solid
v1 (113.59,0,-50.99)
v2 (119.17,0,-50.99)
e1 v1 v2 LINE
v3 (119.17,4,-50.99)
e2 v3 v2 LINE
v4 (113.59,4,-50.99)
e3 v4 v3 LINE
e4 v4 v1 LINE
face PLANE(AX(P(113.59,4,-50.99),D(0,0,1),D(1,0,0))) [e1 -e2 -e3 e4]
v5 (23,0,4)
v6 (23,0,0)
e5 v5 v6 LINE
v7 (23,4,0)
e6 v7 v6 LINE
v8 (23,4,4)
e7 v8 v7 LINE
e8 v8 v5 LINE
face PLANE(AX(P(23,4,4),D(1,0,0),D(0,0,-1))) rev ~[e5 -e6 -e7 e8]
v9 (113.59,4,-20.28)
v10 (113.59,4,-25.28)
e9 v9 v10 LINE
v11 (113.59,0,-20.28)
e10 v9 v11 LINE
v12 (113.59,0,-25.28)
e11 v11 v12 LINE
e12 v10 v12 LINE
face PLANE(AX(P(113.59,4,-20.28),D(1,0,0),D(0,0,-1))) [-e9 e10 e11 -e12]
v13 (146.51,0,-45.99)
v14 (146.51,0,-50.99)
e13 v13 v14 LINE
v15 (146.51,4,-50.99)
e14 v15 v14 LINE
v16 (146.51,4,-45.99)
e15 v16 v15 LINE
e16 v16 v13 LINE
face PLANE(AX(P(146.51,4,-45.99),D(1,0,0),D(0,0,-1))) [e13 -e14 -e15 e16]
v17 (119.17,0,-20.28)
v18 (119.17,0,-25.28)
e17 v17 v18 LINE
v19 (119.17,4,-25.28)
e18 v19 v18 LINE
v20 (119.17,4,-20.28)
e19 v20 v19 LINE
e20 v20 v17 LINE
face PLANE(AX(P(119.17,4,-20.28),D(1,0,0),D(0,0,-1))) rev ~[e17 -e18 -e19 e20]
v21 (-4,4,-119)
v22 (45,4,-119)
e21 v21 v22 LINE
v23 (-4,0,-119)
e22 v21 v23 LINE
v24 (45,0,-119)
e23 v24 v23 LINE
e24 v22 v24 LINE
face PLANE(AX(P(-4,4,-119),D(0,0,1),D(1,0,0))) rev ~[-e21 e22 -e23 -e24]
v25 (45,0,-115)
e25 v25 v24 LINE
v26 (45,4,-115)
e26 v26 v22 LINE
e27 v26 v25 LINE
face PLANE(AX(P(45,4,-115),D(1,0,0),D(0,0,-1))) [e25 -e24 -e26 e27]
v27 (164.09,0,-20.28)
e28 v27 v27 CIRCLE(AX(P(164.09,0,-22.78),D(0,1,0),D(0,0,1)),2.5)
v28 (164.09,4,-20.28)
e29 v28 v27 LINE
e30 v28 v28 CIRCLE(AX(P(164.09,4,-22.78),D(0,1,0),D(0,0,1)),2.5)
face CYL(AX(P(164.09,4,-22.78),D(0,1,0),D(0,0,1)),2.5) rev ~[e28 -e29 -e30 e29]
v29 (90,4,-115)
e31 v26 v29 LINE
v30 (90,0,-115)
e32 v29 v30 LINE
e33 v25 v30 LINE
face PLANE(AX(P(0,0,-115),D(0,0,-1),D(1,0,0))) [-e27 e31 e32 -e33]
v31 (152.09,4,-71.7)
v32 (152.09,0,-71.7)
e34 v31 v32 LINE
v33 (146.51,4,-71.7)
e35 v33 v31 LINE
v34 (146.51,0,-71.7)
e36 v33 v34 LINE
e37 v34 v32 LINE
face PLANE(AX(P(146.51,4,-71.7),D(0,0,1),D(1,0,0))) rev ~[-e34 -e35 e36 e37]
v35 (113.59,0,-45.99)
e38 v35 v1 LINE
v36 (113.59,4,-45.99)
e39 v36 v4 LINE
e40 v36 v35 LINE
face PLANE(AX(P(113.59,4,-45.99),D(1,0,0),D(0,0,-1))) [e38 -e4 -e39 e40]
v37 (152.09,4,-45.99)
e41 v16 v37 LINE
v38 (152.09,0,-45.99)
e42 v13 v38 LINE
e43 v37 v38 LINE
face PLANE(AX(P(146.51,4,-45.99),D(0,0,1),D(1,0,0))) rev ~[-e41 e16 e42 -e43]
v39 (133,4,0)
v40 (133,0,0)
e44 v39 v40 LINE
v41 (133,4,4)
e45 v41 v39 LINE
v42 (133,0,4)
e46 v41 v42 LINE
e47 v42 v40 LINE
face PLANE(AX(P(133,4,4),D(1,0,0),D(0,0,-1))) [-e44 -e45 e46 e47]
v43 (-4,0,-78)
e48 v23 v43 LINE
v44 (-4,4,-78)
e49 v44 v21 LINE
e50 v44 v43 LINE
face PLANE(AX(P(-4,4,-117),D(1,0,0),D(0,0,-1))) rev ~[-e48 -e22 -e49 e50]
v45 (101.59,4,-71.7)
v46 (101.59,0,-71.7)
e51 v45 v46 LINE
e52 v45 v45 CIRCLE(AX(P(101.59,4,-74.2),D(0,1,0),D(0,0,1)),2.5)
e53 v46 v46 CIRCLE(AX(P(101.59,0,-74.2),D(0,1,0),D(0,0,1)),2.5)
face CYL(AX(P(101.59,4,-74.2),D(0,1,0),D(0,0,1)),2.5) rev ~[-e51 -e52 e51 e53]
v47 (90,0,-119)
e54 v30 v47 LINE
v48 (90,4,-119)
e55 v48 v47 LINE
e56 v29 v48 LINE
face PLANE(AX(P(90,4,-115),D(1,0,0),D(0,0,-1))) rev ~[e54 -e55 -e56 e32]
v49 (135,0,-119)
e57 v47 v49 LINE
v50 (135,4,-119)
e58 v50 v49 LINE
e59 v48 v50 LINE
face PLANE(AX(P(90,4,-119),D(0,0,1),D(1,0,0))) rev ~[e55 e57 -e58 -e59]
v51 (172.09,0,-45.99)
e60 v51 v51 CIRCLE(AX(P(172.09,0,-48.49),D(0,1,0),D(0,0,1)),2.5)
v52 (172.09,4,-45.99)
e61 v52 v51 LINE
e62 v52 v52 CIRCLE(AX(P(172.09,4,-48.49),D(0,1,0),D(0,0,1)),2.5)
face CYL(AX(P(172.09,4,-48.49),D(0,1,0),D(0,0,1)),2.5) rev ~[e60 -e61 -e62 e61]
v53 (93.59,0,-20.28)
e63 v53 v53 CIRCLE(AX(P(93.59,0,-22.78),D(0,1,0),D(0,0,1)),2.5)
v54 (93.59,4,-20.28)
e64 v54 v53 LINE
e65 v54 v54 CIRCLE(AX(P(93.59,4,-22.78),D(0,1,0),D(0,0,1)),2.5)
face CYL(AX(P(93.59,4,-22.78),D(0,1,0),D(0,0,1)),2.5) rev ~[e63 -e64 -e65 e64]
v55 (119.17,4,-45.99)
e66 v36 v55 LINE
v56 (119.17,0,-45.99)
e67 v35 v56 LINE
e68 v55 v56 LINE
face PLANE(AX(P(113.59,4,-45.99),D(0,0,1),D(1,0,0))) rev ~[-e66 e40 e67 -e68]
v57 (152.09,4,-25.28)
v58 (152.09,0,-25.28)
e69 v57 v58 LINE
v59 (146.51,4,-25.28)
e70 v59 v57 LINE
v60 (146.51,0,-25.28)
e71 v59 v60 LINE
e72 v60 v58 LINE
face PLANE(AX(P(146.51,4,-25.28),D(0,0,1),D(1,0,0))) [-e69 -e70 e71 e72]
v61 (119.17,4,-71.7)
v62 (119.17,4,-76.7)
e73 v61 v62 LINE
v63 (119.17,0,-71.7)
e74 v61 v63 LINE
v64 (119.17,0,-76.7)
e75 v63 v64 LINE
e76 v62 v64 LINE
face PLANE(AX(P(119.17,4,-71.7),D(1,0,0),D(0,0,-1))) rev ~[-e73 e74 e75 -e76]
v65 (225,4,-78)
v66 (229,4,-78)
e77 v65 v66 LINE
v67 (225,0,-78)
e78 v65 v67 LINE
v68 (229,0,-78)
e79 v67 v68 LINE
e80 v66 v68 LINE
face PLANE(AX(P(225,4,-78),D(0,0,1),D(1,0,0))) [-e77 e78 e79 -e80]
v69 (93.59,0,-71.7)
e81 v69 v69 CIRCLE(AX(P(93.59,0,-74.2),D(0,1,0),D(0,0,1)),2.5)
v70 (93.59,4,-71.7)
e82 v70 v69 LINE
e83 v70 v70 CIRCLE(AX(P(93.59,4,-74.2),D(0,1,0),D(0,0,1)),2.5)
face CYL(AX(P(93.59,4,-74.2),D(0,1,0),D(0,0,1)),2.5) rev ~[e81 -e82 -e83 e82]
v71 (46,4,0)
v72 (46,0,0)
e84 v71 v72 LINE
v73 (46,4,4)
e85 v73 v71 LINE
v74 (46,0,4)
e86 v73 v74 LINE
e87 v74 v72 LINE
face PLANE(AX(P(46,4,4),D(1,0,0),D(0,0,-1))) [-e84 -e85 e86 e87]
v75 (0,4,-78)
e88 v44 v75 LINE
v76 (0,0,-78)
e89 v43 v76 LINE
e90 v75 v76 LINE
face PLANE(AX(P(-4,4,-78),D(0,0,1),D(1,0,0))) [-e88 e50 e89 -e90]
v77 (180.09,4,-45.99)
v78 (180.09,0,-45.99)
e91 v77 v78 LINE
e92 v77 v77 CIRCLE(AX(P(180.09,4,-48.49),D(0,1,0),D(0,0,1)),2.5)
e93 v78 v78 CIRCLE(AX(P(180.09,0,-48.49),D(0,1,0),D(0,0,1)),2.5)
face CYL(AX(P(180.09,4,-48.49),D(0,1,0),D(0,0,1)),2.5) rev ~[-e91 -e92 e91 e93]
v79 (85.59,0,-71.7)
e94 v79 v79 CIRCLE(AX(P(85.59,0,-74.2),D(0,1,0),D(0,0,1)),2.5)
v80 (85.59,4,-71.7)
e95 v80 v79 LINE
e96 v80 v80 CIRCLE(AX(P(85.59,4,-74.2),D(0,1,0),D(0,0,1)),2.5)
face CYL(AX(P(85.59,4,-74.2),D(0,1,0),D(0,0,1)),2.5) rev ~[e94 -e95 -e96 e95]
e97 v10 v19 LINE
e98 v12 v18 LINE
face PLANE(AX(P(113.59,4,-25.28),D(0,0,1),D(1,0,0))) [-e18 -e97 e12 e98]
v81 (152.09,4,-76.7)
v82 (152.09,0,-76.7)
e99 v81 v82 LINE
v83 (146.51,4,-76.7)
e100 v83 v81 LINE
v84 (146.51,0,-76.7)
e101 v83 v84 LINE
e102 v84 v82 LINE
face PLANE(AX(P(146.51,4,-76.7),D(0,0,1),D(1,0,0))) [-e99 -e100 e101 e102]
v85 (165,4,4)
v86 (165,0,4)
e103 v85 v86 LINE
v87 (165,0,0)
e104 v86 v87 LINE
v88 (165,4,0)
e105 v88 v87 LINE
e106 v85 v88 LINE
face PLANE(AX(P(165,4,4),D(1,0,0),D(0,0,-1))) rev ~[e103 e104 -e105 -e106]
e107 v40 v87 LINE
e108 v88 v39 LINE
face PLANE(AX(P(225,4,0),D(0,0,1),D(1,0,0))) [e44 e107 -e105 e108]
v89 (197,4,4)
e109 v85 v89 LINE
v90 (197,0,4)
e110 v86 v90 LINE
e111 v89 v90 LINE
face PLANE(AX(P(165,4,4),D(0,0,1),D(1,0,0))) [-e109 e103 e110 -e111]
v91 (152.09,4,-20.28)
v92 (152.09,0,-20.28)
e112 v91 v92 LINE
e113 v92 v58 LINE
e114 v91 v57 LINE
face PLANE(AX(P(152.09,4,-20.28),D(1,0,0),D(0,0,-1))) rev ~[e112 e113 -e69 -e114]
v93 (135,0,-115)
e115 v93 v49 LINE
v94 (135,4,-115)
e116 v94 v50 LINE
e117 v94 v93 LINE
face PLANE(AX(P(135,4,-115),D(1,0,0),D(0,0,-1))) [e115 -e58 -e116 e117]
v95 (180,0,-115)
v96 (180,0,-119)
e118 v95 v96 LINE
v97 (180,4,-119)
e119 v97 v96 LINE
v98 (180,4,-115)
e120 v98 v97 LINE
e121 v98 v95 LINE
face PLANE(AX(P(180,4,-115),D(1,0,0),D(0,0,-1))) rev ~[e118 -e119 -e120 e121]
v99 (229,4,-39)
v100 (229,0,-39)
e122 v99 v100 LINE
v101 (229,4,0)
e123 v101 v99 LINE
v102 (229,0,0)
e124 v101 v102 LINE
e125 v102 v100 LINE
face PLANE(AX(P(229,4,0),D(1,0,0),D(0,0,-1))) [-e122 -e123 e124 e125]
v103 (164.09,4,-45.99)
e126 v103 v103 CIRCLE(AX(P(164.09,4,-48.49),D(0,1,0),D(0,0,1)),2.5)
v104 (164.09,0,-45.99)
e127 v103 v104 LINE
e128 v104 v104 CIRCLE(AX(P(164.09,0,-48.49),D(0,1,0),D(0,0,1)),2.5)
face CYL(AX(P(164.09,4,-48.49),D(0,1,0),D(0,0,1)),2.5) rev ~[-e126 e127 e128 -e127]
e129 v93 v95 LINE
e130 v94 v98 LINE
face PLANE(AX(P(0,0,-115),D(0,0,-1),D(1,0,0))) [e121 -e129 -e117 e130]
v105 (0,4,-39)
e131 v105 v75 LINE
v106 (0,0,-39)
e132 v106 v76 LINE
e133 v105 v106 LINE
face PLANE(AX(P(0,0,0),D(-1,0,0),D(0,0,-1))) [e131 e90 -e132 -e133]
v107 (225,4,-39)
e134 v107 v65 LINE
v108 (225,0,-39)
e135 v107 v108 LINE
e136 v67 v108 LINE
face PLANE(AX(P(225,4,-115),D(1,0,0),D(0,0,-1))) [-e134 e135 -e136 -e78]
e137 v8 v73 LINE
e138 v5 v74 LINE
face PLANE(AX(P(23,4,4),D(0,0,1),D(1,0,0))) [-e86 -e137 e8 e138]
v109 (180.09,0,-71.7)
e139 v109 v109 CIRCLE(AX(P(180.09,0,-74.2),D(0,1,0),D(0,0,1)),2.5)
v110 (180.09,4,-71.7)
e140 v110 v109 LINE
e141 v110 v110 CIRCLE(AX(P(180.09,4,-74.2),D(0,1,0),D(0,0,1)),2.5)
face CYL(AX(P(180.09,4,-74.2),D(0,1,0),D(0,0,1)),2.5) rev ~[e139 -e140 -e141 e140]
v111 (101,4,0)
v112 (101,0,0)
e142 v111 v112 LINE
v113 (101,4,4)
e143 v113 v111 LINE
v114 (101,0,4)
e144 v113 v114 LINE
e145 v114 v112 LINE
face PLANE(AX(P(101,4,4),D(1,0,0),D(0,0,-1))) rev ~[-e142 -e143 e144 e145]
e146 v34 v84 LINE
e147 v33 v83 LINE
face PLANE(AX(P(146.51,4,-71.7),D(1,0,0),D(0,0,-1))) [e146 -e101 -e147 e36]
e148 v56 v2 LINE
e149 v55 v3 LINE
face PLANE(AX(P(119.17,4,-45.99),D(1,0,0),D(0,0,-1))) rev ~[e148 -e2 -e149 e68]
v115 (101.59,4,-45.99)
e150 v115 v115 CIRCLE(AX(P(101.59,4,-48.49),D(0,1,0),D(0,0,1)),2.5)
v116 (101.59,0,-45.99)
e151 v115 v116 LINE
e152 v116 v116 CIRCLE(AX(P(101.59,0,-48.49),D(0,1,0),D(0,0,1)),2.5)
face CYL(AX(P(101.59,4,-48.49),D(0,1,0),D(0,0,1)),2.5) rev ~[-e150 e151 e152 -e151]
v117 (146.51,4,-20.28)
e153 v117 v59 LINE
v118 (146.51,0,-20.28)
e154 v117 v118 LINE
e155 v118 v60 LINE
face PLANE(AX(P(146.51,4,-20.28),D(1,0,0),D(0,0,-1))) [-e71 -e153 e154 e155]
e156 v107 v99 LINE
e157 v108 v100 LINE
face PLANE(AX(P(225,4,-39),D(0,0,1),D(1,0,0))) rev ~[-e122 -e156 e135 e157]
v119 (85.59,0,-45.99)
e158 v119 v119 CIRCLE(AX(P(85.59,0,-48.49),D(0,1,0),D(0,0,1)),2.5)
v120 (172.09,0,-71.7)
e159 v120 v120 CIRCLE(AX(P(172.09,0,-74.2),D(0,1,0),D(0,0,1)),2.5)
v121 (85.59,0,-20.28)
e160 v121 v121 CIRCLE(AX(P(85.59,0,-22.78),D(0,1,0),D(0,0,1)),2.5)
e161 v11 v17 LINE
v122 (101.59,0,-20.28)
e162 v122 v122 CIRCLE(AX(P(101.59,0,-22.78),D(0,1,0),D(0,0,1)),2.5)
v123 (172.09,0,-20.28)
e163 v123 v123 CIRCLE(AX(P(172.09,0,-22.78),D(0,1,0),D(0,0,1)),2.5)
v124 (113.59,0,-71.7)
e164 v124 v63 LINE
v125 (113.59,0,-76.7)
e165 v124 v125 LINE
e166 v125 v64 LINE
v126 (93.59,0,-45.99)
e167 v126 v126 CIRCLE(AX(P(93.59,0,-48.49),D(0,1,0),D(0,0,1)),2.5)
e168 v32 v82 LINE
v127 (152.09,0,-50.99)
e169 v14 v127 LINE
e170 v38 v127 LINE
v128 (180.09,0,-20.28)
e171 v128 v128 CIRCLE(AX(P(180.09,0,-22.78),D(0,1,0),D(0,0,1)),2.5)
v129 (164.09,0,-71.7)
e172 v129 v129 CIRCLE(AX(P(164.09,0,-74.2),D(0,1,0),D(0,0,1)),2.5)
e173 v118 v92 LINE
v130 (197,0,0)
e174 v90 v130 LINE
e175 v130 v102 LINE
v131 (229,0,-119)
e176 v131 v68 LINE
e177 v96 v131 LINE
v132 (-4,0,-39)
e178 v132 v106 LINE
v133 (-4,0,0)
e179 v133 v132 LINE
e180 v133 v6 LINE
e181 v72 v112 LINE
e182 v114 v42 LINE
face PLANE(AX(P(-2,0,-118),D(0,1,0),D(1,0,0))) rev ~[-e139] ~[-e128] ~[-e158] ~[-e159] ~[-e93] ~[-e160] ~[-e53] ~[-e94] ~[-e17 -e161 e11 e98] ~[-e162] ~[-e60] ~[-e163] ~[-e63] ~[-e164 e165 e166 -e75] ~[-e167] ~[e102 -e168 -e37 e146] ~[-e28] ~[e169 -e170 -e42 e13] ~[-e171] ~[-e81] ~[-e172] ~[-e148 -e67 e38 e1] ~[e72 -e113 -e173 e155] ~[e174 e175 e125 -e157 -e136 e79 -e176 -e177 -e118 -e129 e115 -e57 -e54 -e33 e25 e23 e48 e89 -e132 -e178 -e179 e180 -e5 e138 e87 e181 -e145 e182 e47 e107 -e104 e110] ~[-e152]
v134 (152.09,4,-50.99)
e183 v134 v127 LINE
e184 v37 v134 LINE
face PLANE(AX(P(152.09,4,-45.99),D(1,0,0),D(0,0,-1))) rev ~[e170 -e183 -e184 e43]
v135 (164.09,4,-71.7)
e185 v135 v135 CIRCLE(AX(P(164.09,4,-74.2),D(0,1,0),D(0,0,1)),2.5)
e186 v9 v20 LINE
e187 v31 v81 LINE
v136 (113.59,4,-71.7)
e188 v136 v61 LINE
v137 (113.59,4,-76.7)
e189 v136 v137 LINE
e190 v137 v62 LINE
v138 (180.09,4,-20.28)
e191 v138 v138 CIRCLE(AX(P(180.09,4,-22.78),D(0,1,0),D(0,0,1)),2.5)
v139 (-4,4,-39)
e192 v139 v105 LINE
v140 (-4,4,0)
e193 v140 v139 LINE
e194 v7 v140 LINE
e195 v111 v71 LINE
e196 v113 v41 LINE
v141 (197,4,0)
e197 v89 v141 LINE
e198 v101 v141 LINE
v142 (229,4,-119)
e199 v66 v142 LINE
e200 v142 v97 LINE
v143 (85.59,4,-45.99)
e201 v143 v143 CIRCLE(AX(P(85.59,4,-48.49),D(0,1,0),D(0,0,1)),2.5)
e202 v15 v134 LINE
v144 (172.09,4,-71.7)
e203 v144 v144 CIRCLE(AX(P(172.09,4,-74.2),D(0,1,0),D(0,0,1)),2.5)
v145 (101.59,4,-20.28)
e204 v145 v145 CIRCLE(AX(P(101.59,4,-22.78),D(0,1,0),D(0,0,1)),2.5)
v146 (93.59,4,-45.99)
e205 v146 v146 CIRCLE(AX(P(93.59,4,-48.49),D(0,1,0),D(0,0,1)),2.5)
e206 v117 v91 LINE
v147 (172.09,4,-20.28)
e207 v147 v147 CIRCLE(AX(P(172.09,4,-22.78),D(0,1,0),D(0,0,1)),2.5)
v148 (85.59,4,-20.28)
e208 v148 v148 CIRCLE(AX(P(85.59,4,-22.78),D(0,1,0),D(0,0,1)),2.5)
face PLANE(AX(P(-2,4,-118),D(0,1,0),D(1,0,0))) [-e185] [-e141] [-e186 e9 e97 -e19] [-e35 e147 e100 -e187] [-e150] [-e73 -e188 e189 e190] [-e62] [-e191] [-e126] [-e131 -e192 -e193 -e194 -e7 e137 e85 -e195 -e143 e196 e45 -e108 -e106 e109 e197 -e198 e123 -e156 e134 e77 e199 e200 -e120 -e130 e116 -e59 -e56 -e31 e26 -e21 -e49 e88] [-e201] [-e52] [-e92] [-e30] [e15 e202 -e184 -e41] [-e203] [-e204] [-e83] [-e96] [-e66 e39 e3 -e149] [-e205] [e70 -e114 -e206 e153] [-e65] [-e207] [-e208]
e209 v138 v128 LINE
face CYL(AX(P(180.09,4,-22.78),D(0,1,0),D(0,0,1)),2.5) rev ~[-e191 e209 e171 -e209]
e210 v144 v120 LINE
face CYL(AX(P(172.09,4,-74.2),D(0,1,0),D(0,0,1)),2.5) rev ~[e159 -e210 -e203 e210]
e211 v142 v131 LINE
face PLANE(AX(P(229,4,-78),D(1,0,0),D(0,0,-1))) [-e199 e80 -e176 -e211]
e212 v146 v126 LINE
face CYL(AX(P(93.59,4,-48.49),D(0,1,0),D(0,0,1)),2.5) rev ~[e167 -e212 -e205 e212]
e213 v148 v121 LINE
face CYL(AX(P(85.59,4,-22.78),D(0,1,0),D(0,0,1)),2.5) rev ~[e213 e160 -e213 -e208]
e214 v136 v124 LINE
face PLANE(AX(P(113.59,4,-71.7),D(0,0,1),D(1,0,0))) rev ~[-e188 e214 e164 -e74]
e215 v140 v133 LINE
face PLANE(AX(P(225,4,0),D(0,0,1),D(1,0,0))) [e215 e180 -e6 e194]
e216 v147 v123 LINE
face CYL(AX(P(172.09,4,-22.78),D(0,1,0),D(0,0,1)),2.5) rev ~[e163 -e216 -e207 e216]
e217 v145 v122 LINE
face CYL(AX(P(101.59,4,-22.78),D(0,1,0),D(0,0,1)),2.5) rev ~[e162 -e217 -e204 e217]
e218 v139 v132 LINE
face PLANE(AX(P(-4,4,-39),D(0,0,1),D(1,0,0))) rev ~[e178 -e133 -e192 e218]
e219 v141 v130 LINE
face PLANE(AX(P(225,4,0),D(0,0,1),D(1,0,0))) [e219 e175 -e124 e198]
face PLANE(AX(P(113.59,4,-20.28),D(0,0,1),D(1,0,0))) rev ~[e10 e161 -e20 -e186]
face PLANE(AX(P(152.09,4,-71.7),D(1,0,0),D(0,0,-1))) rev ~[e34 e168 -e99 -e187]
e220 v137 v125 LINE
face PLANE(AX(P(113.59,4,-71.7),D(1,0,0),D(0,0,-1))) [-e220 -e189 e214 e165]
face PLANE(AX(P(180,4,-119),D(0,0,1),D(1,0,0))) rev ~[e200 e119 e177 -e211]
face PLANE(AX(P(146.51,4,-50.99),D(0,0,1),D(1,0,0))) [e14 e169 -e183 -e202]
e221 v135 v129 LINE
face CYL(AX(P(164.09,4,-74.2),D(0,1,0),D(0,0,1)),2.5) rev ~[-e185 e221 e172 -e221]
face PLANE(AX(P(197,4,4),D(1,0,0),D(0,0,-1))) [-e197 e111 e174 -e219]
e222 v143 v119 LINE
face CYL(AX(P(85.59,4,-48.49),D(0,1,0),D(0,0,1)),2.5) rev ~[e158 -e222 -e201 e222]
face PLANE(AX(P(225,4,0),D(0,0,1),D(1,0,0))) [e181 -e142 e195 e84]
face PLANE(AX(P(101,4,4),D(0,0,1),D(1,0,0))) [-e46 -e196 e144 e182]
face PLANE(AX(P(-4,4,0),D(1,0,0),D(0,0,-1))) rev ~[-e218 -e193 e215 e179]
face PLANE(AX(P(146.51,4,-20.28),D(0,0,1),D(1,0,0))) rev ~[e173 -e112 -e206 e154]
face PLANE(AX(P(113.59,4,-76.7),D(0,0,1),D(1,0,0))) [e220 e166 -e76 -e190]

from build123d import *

# Parameters (mm, degrees)
SKETCH1_W           = 225
SKETCH1_H           = 115
BOSS_EXTRUDE1_DEPTH = 4
SKETCH3_R           = 2.5
SKETCH3_W           = 5.58
SKETCH3_H           = 5
CUT_EXTRUDE2_DEPTH  = 10
SKETCH4_W           = 4
SKETCH4_H           = 39
BOSS_EXTRUDE2_DEPTH = 4
SKETCH5_W           = 45
SKETCH5_H           = 4
BOSS_EXTRUDE3_DEPTH = 4
LPATTERN1_COUNT     = 2
LPATTERN1_PITCH     = 229
SKETCH6_W           = 23
SKETCH6_H           = 4
BOSS_EXTRUDE4_DEPTH = 4
SKETCH7_W           = 32
SKETCH7_H           = 4
BOSS_EXTRUDE5_DEPTH = 4
SKETCH8_W           = 4
SKETCH8_H           = 2
BOSS_EXTRUDE6_DEPTH = 4


with BuildPart() as part:
    # Sketch1 → Boss-Extrude1 (new body)
    with BuildSketch(Plane(origin=(0, 0, 0), x_dir=(1, 0, 0), z_dir=(0, 1, 0))):
        with Locations((112.5, 57.5)):
            Rectangle(SKETCH1_W, SKETCH1_H)
    extrude(amount=BOSS_EXTRUDE1_DEPTH)

    # Sketch3 → Cut-Extrude2 (cut)
    with BuildSketch(Plane(origin=(0, 4, 0), x_dir=(1, 0, 0), z_dir=(0, 1, 0))):
        with Locations(Location((180.08999958, 22.78, 0), (0, 0, 270))):
            Circle(SKETCH3_R)
        with Locations(Location((172.08999958, 22.78, 0), (0, 0, 270))):
            Circle(SKETCH3_R)
        with Locations(Location((164.08999958, 22.78, 0), (0, 0, 270))):
            Circle(SKETCH3_R)
        with Locations((149.29999958, 22.78)):
            Rectangle(SKETCH3_W, SKETCH3_H)
        with Locations(Location((180.08999958, 48.49, 0), (0, 0, 270))):
            Circle(SKETCH3_R)
        with Locations(Location((172.08999958, 48.49, 0), (0, 0, 270))):
            Circle(SKETCH3_R)
        with Locations(Location((164.08999958, 48.49, 0), (0, 0, 270))):
            Circle(SKETCH3_R)
        with Locations((149.29999958, 48.49)):
            Rectangle(SKETCH3_W, SKETCH3_H)
        with Locations(Location((180.08999958, 74.2, 0), (0, 0, 270))):
            Circle(SKETCH3_R)
        with Locations(Location((172.08999958, 74.2, 0), (0, 0, 270))):
            Circle(SKETCH3_R)
        with Locations(Location((164.08999958, 74.2, 0), (0, 0, 270))):
            Circle(SKETCH3_R)
        with Locations((149.29999958, 74.2)):
            Rectangle(SKETCH3_W, SKETCH3_H)
        with Locations((116.37999958, 74.2)):
            Rectangle(SKETCH3_W, SKETCH3_H)
        with Locations((116.37999958, 48.49)):
            Rectangle(SKETCH3_W, SKETCH3_H)
        with Locations((116.37999958, 22.78)):
            Rectangle(SKETCH3_W, SKETCH3_H)
        with Locations(Location((101.58999958, 22.78, 0), (0, 0, 270))):
            Circle(SKETCH3_R)
        with Locations(Location((93.58999958, 22.78, 0), (0, 0, 270))):
            Circle(SKETCH3_R)
        with Locations(Location((85.58999958, 22.78, 0), (0, 0, 270))):
            Circle(SKETCH3_R)
        with Locations(Location((85.58999958, 48.49, 0), (0, 0, 270))):
            Circle(SKETCH3_R)
        with Locations(Location((93.58999958, 48.49, 0), (0, 0, 270))):
            Circle(SKETCH3_R)
        with Locations(Location((101.58999958, 48.49, 0), (0, 0, 270))):
            Circle(SKETCH3_R)
        with Locations(Location((101.58999958, 74.2, 0), (0, 0, 270))):
            Circle(SKETCH3_R)
        with Locations(Location((93.58999958, 74.2, 0), (0, 0, 270))):
            Circle(SKETCH3_R)
        with Locations(Location((85.58999958, 74.2, 0), (0, 0, 270))):
            Circle(SKETCH3_R)
    extrude(amount=-CUT_EXTRUDE2_DEPTH, mode=Mode.SUBTRACT)

    # Sketch4 → Boss-Extrude2 (add)
    with BuildSketch(Plane(origin=(0, 4, 0), x_dir=(1, 0, 0), z_dir=(0, 1, 0))):
        with Locations((-2, 19.5)):
            Rectangle(SKETCH4_W, SKETCH4_H)
        with Locations((-2, 97.5)):
            Rectangle(SKETCH4_W, SKETCH4_H)
    boss_extrude2 = extrude(amount=-BOSS_EXTRUDE2_DEPTH)

    # Sketch5 → Boss-Extrude3 (add)
    with BuildSketch(Plane(origin=(0, 4, 0), x_dir=(1, 0, 0), z_dir=(0, 1, 0))):
        with Locations((112.5, 117)):
            Rectangle(SKETCH5_W, SKETCH5_H)
        with Locations((202.5, 117)):
            Rectangle(SKETCH5_W, SKETCH5_H)
        with Locations((22.5, 117)):
            Rectangle(SKETCH5_W, SKETCH5_H)
    extrude(amount=-BOSS_EXTRUDE3_DEPTH)

    # LPattern1: Boss-Extrude2 ×2
    with Locations(*[(i * LPATTERN1_PITCH, 0, 0) for i in range(1, LPATTERN1_COUNT)]):
        add(boss_extrude2)

    # Sketch6 → Boss-Extrude4 (add)
    with BuildSketch(Plane(origin=(0, 4, 0), x_dir=(1, 0, 0), z_dir=(0, 1, 0))):
        with Locations((34.5, -2)):
            Rectangle(SKETCH6_W, SKETCH6_H)
    extrude(amount=-BOSS_EXTRUDE4_DEPTH)

    # Sketch7 → Boss-Extrude5 (add)
    with BuildSketch(Plane(origin=(0, 4, 0), x_dir=(1, 0, 0), z_dir=(0, 1, 0))):
        with Locations((181, -2)):
            Rectangle(SKETCH7_W, SKETCH7_H)
        with Locations((117, -2)):
            Rectangle(SKETCH7_W, SKETCH7_H)
    extrude(amount=-BOSS_EXTRUDE5_DEPTH)

    # Sketch8 → Boss-Extrude6 (add)
    with BuildSketch(Plane(origin=(0, 4, 0), x_dir=(1, 0, 0), z_dir=(0, 1, 0))):
        with Locations((-2, 118)):
            Rectangle(SKETCH8_W, SKETCH8_H)
        with Locations((227, 118)):
            Rectangle(SKETCH8_W, SKETCH8_H)
    extrude(amount=-BOSS_EXTRUDE6_DEPTH)


solid = part.part
